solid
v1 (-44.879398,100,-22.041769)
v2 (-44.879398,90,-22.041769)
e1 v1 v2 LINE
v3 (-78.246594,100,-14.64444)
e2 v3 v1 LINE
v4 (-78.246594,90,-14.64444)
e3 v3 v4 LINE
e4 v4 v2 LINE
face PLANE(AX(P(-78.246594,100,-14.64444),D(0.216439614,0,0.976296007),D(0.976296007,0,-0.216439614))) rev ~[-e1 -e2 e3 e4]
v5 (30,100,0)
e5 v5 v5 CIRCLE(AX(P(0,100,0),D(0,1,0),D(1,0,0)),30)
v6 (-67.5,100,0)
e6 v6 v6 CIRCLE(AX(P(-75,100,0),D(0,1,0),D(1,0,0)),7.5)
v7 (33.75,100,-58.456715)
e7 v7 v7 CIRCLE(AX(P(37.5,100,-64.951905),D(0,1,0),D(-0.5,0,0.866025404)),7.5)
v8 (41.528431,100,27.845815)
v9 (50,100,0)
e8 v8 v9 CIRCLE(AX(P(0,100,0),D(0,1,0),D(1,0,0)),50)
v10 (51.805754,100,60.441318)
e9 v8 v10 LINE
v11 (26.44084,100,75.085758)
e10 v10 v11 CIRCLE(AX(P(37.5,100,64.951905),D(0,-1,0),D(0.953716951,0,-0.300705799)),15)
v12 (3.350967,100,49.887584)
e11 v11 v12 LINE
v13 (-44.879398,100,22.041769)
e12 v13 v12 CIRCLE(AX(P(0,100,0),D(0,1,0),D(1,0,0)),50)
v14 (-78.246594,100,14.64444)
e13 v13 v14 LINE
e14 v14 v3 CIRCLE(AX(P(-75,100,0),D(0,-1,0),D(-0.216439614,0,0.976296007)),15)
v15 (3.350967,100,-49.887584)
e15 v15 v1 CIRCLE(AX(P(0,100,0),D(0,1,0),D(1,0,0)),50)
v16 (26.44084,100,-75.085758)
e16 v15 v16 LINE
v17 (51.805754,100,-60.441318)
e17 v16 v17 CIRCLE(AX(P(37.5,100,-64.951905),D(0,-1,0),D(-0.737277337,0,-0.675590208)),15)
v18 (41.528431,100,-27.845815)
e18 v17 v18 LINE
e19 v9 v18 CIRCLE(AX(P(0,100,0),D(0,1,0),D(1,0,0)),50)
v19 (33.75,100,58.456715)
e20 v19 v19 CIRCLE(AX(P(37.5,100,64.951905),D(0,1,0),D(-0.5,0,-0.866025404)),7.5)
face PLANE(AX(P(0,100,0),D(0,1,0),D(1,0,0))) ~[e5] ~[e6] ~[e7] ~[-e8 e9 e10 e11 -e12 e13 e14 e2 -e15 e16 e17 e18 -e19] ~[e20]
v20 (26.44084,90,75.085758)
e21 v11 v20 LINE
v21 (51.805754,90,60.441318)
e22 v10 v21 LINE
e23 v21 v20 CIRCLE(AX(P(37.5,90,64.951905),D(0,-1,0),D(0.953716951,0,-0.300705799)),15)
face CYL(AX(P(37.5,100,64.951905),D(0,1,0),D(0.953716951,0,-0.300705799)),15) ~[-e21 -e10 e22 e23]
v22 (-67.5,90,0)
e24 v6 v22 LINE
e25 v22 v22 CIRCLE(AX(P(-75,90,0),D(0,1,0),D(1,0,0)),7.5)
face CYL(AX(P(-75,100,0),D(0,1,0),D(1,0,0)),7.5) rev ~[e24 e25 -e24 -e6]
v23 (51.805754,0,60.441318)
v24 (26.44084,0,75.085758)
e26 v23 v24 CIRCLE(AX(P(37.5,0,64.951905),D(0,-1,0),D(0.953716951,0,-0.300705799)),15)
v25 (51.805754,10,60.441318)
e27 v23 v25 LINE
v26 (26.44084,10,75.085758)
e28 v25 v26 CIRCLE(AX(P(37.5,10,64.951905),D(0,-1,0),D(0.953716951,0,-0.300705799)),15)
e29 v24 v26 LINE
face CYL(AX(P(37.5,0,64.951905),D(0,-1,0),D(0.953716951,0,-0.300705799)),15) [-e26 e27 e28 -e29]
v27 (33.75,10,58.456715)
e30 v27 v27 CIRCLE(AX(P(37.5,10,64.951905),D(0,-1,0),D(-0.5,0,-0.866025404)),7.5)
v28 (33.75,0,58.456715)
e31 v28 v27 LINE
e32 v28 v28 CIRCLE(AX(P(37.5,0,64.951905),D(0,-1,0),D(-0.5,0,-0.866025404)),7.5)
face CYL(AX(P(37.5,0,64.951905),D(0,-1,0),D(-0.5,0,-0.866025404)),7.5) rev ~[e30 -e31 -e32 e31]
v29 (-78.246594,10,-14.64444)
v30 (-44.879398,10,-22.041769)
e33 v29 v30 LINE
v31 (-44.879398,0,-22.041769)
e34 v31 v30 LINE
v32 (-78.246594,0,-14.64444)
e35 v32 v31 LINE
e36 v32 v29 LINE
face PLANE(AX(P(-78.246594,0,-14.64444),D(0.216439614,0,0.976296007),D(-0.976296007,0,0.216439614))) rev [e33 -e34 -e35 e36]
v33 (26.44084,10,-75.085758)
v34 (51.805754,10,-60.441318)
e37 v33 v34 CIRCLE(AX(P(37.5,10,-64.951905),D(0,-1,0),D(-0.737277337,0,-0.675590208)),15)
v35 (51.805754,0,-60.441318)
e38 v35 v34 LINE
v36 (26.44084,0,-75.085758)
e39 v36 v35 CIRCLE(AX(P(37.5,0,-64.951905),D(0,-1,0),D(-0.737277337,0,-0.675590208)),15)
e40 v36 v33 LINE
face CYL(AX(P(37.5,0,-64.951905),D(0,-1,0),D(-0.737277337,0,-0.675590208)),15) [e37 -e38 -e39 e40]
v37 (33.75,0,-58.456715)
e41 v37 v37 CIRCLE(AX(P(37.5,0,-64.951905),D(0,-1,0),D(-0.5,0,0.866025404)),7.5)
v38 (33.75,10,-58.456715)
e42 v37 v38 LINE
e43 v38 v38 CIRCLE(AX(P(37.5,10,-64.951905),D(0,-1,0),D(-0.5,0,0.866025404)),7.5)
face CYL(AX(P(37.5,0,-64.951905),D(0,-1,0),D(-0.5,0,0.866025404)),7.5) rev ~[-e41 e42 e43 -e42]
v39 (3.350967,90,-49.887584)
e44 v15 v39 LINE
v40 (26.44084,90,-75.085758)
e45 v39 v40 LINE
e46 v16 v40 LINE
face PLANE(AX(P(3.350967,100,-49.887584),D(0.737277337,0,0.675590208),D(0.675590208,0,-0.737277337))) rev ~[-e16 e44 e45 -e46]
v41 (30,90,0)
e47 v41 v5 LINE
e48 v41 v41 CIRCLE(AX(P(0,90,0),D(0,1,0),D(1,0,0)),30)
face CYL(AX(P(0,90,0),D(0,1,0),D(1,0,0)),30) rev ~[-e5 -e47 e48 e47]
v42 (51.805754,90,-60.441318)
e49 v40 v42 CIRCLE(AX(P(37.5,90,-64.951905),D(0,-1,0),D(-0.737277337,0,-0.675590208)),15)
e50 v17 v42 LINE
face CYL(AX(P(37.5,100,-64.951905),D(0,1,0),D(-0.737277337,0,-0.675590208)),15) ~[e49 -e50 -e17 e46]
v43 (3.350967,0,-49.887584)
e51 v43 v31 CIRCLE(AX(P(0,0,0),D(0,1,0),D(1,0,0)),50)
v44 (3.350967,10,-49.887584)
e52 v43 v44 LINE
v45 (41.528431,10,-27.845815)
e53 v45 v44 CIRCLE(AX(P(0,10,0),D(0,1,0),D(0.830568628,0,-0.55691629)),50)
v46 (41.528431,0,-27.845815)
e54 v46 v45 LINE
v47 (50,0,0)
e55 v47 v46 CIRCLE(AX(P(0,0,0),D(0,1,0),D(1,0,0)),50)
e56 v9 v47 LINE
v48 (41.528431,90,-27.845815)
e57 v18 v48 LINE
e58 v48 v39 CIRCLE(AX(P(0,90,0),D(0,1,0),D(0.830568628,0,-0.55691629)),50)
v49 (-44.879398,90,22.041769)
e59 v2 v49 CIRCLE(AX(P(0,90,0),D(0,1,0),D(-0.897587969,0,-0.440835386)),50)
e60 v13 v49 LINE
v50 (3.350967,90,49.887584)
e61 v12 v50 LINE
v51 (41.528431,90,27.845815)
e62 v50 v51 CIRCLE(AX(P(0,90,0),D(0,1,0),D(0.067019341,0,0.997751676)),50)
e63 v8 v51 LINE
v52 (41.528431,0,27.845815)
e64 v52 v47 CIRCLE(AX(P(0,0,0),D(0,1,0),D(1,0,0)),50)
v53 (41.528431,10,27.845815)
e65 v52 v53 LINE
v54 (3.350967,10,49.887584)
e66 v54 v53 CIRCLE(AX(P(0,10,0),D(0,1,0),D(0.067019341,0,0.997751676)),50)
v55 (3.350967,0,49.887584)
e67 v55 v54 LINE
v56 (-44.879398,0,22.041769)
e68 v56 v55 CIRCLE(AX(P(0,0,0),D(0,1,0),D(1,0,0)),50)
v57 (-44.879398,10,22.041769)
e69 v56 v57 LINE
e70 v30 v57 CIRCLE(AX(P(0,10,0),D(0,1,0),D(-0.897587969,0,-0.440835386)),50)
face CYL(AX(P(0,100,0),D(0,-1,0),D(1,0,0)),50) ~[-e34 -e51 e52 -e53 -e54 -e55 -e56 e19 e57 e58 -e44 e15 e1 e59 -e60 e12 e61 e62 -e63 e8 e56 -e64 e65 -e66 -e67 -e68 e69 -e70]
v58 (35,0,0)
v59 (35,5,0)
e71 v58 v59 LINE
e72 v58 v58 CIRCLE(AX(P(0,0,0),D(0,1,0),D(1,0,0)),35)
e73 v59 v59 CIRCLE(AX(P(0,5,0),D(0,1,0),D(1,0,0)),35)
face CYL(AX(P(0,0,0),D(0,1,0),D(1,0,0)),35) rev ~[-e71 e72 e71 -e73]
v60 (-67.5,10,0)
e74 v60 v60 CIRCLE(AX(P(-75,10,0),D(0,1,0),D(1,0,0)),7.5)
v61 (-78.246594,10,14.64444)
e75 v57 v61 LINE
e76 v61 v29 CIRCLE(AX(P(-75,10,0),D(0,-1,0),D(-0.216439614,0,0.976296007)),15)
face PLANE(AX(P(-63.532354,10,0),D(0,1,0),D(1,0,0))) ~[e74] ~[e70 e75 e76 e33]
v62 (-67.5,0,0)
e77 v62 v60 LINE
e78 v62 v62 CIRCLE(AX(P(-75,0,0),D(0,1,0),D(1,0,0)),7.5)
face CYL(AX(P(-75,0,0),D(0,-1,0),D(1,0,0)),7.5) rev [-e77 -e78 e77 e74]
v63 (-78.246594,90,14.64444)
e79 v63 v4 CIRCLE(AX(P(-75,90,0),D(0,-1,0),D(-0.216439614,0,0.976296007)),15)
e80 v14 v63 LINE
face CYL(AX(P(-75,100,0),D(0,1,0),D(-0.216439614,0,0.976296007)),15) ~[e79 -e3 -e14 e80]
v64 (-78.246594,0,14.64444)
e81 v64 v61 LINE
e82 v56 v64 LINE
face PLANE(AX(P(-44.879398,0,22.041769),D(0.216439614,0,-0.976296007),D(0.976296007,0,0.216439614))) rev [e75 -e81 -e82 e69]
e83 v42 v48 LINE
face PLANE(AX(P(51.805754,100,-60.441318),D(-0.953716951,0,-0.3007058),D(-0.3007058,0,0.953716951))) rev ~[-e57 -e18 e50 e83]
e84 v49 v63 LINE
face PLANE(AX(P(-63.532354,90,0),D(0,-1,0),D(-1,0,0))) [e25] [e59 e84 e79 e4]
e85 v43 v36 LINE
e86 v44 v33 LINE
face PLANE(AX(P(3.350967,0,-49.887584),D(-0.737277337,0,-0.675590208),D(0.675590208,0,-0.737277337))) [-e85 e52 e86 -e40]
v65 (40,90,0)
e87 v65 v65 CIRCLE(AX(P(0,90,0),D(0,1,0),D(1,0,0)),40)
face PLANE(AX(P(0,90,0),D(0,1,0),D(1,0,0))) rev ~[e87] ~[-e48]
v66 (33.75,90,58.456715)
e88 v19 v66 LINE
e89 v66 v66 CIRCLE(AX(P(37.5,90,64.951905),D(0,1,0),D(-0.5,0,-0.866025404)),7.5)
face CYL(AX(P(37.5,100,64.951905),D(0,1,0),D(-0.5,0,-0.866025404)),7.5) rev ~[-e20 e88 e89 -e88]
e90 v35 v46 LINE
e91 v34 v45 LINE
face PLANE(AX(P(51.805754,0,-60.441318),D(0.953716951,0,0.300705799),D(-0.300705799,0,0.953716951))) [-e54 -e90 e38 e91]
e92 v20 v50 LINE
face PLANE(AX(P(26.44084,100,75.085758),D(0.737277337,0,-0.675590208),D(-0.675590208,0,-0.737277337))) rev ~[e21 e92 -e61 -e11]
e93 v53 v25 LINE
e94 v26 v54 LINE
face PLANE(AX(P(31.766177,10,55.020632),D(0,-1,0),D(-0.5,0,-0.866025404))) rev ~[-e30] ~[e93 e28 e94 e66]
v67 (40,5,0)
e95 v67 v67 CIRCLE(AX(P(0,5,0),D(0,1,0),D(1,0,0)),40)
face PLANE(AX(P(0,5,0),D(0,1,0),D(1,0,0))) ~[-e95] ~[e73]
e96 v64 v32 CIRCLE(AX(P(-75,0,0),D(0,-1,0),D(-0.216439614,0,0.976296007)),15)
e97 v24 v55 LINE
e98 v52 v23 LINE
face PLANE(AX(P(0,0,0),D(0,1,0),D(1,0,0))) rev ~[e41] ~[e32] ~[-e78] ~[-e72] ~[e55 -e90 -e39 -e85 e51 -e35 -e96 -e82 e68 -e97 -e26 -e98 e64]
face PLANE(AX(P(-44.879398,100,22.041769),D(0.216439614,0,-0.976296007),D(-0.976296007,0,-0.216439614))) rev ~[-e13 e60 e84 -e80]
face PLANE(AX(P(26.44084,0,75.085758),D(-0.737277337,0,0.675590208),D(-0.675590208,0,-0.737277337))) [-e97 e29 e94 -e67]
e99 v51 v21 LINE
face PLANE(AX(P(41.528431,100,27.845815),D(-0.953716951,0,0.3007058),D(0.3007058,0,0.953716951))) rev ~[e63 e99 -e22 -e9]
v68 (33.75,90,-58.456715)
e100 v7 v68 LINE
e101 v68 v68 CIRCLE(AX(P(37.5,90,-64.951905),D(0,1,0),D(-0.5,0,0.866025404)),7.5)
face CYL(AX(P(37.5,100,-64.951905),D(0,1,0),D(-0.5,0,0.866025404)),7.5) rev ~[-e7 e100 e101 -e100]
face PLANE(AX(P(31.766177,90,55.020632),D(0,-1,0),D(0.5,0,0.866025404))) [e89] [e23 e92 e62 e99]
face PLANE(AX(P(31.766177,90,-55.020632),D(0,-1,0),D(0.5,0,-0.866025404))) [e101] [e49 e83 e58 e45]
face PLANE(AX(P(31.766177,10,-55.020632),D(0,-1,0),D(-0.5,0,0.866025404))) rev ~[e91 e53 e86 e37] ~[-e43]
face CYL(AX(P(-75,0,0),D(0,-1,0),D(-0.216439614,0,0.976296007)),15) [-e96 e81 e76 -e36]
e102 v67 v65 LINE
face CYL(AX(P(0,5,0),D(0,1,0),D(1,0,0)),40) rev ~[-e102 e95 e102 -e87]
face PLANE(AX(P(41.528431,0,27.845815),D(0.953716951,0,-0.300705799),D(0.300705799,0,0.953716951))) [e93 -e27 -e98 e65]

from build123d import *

# Parameters (mm, degrees)
SKETCH2_R               = 7.5
BOSS_EXTRUDE1_DEPTH     = 10
CIRPATTERN1_COUNT       = 3
MIRROR1_COPY_1_SKETCH_R = 7.5
MIRROR1_COPY_1_DEPTH    = 10
MIRROR1_COPY_2_SKETCH_R = 7.5
MIRROR1_COPY_2_DEPTH    = 10


with BuildPart() as part:
    # Sketch1 → Revolve1 (revolve)
    with BuildSketch(Plane.XY):
        Polygon((35, 0), (35, 5), (40, 5), (40, 90), (30, 90), (30, 100), (50, 100), (50, 0), align=None)
    revolve(axis=Axis((0, 0, 0), (0, 1, 0)))

    # Sketch2 → Boss-Extrude1 (add)
    with BuildSketch(Plane(origin=(0, 100, 0), x_dir=(1, 0, 0), z_dir=(0, 1, 0))):
        with BuildLine():
            Line((-78.246594209, 14.644440107), (-44.879398453, 22.041769313))
            ThreePointArc((-44.879398453, 22.041769313), (-50, 0), (-44.879398453, -22.041769313))
            Line((-44.879398453, -22.041769313), (-78.246594209, -14.644440107))
            ThreePointArc((-78.246594209, -14.644440107), (-90, 0), (-78.246594209, 14.644440107))
        make_face()
        with Locations((-75, 0)):
            Circle(SKETCH2_R, mode=Mode.SUBTRACT)
    boss_extrude1 = extrude(amount=-BOSS_EXTRUDE1_DEPTH)

    # CirPattern1: Boss-Extrude1 ×3 about axis
    cirpattern1_axis = Axis((0, 0, 0), (0, 1, 0))
    for i in range(1, CIRPATTERN1_COUNT):
        add(boss_extrude1.rotate(cirpattern1_axis, i * 360 / CIRPATTERN1_COUNT))

    # Mirror1: Boss-Extrude1 across plane
    add(boss_extrude1.mirror(Plane.ZX.offset(50)))

    # Mirror1 copy 1 sketch → Mirror1 copy 1 (add)
    with BuildSketch(Plane(origin=(0, 0, 0), x_dir=(-0.5, 0, -0.866025404), z_dir=(0, -1, 0))):
        with BuildLine():
            Line((-78.246594209, -14.644440107), (-44.879398453, -22.041769313))
            ThreePointArc((-44.879398453, -22.041769313), (-50, 0), (-44.879398453, 22.041769313))
            Line((-44.879398453, 22.041769313), (-78.246594209, 14.644440107))
            ThreePointArc((-78.246594209, 14.644440107), (-90, 0), (-78.246594209, -14.644440107))
        make_face()
        with Locations((-75, 0)):
            Circle(MIRROR1_COPY_1_SKETCH_R, mode=Mode.SUBTRACT)
    extrude(amount=-MIRROR1_COPY_1_DEPTH)

    # Mirror1 copy 2 sketch → Mirror1 copy 2 (add)
    with BuildSketch(Plane(origin=(0, 0, 0), x_dir=(-0.5, 0, 0.866025404), z_dir=(0, -1, 0))):
        with BuildLine():
            Line((-78.246594209, -14.644440107), (-44.879398453, -22.041769313))
            ThreePointArc((-44.879398453, -22.041769313), (-50, 0), (-44.879398453, 22.041769313))
            Line((-44.879398453, 22.041769313), (-78.246594209, 14.644440107))
            ThreePointArc((-78.246594209, 14.644440107), (-90, 0), (-78.246594209, -14.644440107))
        make_face()
        with Locations((-75, 0)):
            Circle(MIRROR1_COPY_2_SKETCH_R, mode=Mode.SUBTRACT)
    extrude(amount=-MIRROR1_COPY_2_DEPTH)


solid = part.part
